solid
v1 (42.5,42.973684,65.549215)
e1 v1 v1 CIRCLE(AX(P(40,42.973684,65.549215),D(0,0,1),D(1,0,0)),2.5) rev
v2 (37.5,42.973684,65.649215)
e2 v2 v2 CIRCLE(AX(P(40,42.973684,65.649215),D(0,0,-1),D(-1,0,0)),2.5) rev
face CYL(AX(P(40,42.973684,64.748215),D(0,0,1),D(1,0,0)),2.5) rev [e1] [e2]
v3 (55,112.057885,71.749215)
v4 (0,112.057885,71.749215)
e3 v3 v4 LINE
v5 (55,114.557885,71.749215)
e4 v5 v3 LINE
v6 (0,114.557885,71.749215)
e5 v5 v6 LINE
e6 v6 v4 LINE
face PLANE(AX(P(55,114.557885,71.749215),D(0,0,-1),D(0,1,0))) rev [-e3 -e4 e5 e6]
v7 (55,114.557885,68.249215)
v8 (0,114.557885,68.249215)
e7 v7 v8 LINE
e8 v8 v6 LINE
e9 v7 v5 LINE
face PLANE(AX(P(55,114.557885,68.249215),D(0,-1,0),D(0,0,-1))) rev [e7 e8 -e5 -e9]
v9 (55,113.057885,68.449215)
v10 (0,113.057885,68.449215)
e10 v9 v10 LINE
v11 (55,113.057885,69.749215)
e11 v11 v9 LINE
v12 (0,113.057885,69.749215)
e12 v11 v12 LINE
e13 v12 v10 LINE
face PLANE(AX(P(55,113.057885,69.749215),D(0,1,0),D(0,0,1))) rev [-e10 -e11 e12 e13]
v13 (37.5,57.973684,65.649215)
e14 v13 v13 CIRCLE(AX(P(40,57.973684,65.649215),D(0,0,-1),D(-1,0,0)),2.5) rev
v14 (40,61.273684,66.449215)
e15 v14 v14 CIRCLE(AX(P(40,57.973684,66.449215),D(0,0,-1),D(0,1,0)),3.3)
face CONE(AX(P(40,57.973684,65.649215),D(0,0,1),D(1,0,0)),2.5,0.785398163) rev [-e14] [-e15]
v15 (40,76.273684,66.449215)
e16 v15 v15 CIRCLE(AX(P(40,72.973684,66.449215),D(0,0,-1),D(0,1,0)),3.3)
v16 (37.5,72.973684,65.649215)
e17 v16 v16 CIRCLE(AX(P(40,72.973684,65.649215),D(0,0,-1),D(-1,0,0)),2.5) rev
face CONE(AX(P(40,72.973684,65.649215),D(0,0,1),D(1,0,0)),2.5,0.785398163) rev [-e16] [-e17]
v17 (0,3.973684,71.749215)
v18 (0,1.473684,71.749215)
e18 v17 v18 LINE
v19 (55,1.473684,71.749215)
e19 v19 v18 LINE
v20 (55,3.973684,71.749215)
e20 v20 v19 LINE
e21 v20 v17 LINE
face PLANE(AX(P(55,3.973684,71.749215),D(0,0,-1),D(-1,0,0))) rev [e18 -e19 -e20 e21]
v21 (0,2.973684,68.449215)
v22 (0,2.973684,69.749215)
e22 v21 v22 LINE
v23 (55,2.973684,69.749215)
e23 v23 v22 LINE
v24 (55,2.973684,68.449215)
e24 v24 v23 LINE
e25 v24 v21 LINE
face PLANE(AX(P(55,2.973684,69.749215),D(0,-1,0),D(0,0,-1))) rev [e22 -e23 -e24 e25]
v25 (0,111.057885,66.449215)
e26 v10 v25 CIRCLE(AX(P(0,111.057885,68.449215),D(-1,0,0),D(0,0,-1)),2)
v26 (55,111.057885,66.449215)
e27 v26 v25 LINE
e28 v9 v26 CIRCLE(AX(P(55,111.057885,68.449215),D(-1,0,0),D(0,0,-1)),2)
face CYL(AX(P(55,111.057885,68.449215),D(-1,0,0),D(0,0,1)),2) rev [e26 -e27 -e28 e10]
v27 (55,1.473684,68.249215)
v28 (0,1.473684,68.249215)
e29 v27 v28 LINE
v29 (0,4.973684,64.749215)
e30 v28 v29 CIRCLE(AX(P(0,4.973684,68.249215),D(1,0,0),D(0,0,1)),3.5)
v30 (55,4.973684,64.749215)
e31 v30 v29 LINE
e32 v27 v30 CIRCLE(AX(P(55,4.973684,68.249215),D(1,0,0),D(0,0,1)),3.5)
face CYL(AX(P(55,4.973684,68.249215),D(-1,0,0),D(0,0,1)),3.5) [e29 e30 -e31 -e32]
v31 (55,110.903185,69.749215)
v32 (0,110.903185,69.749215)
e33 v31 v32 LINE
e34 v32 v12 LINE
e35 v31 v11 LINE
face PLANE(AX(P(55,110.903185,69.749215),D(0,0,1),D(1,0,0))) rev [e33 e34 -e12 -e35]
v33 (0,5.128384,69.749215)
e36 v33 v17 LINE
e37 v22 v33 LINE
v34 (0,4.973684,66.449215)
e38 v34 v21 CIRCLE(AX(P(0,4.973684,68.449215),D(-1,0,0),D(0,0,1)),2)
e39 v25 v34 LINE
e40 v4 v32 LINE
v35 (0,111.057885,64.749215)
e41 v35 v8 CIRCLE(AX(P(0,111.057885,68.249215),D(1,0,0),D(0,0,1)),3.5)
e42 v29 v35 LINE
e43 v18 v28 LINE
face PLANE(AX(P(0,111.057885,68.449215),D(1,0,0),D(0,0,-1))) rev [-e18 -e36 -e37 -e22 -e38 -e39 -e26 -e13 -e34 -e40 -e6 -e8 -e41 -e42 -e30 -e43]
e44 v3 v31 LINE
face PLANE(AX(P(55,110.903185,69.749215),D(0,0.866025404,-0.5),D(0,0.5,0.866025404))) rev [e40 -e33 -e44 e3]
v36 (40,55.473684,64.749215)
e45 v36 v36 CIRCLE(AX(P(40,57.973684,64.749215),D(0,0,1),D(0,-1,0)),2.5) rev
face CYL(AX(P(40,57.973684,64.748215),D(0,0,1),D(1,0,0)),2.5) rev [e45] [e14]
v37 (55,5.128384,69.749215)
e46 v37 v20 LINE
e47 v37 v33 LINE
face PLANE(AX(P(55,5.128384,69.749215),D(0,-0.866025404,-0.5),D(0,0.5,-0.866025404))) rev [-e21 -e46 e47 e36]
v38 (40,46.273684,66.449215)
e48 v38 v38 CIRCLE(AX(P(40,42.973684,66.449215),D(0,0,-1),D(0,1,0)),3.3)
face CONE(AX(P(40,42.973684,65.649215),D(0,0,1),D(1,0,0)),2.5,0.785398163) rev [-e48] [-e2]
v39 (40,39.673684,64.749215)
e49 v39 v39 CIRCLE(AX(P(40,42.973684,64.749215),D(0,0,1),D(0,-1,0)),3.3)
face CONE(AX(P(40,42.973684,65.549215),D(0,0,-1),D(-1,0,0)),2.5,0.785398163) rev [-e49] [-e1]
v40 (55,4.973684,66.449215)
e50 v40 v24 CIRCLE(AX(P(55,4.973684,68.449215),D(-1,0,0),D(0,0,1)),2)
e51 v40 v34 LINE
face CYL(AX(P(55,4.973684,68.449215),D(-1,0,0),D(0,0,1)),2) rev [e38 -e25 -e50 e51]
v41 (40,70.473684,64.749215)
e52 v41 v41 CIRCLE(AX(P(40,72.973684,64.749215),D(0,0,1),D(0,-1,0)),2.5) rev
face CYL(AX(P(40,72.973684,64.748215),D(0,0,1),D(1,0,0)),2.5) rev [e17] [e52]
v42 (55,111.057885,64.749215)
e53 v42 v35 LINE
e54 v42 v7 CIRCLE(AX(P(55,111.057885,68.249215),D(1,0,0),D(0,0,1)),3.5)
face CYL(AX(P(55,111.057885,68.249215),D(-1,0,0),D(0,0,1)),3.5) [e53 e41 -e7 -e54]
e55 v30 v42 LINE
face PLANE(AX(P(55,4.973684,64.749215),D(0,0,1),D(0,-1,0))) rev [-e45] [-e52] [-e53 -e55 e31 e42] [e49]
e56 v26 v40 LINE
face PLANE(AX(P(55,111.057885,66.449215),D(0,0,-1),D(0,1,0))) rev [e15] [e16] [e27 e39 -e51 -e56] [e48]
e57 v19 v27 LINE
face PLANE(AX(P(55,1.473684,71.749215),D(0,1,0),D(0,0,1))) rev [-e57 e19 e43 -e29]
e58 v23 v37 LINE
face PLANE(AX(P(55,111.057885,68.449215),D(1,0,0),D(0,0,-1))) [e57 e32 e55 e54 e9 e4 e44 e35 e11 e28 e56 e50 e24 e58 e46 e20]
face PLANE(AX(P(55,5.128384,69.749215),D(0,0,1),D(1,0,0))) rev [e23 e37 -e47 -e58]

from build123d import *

# Parameters (mm, degrees)
BOSS_EXTRUDE1_DEPTH = 55
CUT_EXTRUDE1_REACH  = 3.7
SKETCH2_R           = 2.5
CHAMFER1_SIZE       = 0.8


with BuildPart() as part:
    # Sketch1 → Boss-Extrude1 (new body)
    with BuildSketch(Plane(origin=(0, 0, 0), x_dir=(0, 0, -1), z_dir=(1, 0, 0))):
        with BuildLine():
            Line((-69.749215448, 110.903184829), (-69.749215448, 113.057885367))
            Line((-69.749215448, 113.057885367), (-68.449215448, 113.057885367))
            ThreePointArc((-68.449215448, 113.057885367), (-67.035001885, 112.47209893), (-66.449215448, 111.057885367))
            Line((-66.449215448, 111.057885367), (-66.449215448, 4.973683681))
            ThreePointArc((-66.449215448, 4.973683681), (-67.035001885, 3.559470118), (-68.449215448, 2.973683681))
            Line((-68.449215448, 2.973683681), (-69.749215448, 2.973683681))
            Line((-69.749215448, 2.973683681), (-69.749215448, 5.128384219))
            Line((-69.749215448, 5.128384219), (-71.749215448, 3.973683681))
            Line((-71.749215448, 3.973683681), (-71.749215448, 1.473683681))
            Line((-71.749215448, 1.473683681), (-68.249215448, 1.473683681))
            ThreePointArc((-68.249215448, 1.473683681), (-65.774341713, 2.498809947), (-64.749215448, 4.973683681))
            Line((-64.749215448, 4.973683681), (-64.749215448, 111.057885367))
            ThreePointArc((-64.749215448, 111.057885367), (-65.774341713, 113.532759101), (-68.249215448, 114.557885367))
            Line((-68.249215448, 114.557885367), (-71.749215448, 114.557885367))
            Line((-71.749215448, 114.557885367), (-71.749215448, 112.057885367))
            Line((-71.749215448, 112.057885367), (-69.749215448, 110.903184829))
        make_face()
    extrude(amount=BOSS_EXTRUDE1_DEPTH)

    # Sketch2 → Cut-Extrude1 (cut, up to next)
    with BuildSketch(Plane.XY.offset(66.449215448), mode=Mode.PRIVATE) as cut_extrude1_sk1:
        with Locations((40, 72.973683681)):
            Circle(SKETCH2_R)
    cut_extrude1_tool1 = extrude(cut_extrude1_sk1.sketch, amount=-CUT_EXTRUDE1_REACH, mode=Mode.PRIVATE) & part.part
    add(cut_extrude1_tool1.solids().sort_by_distance((40, 72.973684, 66.449215))[0], mode=Mode.SUBTRACT)
    # Sketch2 → Cut-Extrude1 (cut, up to next)
    with BuildSketch(Plane.XY.offset(66.449215448), mode=Mode.PRIVATE) as cut_extrude1_sk2:
        with Locations((40, 57.973683681)):
            Circle(SKETCH2_R)
    cut_extrude1_tool2 = extrude(cut_extrude1_sk2.sketch, amount=-CUT_EXTRUDE1_REACH, mode=Mode.PRIVATE) & part.part
    add(cut_extrude1_tool2.solids().sort_by_distance((40, 57.973684, 66.449215))[0], mode=Mode.SUBTRACT)
    # Sketch2 → Cut-Extrude1 (cut, up to next)
    with BuildSketch(Plane.XY.offset(66.449215448), mode=Mode.PRIVATE) as cut_extrude1_sk3:
        with Locations((40, 42.973683681)):
            Circle(SKETCH2_R)
    cut_extrude1_tool3 = extrude(cut_extrude1_sk3.sketch, amount=-CUT_EXTRUDE1_REACH, mode=Mode.PRIVATE) & part.part
    add(cut_extrude1_tool3.solids().sort_by_distance((40, 42.973684, 66.449215))[0], mode=Mode.SUBTRACT)

    # Chamfer1
    chamfer1_edges = [part.edges().sort_by_distance(p)[0] for p in [
        (37.5, 72.973683681, 66.449215448),
        (37.5, 57.973683681, 66.449215448),
        (37.5, 42.973683681, 66.449215448),
        (37.5, 42.973683681, 64.749215448),
    ]]
    chamfer(chamfer1_edges, length=CHAMFER1_SIZE)


solid = part.part
